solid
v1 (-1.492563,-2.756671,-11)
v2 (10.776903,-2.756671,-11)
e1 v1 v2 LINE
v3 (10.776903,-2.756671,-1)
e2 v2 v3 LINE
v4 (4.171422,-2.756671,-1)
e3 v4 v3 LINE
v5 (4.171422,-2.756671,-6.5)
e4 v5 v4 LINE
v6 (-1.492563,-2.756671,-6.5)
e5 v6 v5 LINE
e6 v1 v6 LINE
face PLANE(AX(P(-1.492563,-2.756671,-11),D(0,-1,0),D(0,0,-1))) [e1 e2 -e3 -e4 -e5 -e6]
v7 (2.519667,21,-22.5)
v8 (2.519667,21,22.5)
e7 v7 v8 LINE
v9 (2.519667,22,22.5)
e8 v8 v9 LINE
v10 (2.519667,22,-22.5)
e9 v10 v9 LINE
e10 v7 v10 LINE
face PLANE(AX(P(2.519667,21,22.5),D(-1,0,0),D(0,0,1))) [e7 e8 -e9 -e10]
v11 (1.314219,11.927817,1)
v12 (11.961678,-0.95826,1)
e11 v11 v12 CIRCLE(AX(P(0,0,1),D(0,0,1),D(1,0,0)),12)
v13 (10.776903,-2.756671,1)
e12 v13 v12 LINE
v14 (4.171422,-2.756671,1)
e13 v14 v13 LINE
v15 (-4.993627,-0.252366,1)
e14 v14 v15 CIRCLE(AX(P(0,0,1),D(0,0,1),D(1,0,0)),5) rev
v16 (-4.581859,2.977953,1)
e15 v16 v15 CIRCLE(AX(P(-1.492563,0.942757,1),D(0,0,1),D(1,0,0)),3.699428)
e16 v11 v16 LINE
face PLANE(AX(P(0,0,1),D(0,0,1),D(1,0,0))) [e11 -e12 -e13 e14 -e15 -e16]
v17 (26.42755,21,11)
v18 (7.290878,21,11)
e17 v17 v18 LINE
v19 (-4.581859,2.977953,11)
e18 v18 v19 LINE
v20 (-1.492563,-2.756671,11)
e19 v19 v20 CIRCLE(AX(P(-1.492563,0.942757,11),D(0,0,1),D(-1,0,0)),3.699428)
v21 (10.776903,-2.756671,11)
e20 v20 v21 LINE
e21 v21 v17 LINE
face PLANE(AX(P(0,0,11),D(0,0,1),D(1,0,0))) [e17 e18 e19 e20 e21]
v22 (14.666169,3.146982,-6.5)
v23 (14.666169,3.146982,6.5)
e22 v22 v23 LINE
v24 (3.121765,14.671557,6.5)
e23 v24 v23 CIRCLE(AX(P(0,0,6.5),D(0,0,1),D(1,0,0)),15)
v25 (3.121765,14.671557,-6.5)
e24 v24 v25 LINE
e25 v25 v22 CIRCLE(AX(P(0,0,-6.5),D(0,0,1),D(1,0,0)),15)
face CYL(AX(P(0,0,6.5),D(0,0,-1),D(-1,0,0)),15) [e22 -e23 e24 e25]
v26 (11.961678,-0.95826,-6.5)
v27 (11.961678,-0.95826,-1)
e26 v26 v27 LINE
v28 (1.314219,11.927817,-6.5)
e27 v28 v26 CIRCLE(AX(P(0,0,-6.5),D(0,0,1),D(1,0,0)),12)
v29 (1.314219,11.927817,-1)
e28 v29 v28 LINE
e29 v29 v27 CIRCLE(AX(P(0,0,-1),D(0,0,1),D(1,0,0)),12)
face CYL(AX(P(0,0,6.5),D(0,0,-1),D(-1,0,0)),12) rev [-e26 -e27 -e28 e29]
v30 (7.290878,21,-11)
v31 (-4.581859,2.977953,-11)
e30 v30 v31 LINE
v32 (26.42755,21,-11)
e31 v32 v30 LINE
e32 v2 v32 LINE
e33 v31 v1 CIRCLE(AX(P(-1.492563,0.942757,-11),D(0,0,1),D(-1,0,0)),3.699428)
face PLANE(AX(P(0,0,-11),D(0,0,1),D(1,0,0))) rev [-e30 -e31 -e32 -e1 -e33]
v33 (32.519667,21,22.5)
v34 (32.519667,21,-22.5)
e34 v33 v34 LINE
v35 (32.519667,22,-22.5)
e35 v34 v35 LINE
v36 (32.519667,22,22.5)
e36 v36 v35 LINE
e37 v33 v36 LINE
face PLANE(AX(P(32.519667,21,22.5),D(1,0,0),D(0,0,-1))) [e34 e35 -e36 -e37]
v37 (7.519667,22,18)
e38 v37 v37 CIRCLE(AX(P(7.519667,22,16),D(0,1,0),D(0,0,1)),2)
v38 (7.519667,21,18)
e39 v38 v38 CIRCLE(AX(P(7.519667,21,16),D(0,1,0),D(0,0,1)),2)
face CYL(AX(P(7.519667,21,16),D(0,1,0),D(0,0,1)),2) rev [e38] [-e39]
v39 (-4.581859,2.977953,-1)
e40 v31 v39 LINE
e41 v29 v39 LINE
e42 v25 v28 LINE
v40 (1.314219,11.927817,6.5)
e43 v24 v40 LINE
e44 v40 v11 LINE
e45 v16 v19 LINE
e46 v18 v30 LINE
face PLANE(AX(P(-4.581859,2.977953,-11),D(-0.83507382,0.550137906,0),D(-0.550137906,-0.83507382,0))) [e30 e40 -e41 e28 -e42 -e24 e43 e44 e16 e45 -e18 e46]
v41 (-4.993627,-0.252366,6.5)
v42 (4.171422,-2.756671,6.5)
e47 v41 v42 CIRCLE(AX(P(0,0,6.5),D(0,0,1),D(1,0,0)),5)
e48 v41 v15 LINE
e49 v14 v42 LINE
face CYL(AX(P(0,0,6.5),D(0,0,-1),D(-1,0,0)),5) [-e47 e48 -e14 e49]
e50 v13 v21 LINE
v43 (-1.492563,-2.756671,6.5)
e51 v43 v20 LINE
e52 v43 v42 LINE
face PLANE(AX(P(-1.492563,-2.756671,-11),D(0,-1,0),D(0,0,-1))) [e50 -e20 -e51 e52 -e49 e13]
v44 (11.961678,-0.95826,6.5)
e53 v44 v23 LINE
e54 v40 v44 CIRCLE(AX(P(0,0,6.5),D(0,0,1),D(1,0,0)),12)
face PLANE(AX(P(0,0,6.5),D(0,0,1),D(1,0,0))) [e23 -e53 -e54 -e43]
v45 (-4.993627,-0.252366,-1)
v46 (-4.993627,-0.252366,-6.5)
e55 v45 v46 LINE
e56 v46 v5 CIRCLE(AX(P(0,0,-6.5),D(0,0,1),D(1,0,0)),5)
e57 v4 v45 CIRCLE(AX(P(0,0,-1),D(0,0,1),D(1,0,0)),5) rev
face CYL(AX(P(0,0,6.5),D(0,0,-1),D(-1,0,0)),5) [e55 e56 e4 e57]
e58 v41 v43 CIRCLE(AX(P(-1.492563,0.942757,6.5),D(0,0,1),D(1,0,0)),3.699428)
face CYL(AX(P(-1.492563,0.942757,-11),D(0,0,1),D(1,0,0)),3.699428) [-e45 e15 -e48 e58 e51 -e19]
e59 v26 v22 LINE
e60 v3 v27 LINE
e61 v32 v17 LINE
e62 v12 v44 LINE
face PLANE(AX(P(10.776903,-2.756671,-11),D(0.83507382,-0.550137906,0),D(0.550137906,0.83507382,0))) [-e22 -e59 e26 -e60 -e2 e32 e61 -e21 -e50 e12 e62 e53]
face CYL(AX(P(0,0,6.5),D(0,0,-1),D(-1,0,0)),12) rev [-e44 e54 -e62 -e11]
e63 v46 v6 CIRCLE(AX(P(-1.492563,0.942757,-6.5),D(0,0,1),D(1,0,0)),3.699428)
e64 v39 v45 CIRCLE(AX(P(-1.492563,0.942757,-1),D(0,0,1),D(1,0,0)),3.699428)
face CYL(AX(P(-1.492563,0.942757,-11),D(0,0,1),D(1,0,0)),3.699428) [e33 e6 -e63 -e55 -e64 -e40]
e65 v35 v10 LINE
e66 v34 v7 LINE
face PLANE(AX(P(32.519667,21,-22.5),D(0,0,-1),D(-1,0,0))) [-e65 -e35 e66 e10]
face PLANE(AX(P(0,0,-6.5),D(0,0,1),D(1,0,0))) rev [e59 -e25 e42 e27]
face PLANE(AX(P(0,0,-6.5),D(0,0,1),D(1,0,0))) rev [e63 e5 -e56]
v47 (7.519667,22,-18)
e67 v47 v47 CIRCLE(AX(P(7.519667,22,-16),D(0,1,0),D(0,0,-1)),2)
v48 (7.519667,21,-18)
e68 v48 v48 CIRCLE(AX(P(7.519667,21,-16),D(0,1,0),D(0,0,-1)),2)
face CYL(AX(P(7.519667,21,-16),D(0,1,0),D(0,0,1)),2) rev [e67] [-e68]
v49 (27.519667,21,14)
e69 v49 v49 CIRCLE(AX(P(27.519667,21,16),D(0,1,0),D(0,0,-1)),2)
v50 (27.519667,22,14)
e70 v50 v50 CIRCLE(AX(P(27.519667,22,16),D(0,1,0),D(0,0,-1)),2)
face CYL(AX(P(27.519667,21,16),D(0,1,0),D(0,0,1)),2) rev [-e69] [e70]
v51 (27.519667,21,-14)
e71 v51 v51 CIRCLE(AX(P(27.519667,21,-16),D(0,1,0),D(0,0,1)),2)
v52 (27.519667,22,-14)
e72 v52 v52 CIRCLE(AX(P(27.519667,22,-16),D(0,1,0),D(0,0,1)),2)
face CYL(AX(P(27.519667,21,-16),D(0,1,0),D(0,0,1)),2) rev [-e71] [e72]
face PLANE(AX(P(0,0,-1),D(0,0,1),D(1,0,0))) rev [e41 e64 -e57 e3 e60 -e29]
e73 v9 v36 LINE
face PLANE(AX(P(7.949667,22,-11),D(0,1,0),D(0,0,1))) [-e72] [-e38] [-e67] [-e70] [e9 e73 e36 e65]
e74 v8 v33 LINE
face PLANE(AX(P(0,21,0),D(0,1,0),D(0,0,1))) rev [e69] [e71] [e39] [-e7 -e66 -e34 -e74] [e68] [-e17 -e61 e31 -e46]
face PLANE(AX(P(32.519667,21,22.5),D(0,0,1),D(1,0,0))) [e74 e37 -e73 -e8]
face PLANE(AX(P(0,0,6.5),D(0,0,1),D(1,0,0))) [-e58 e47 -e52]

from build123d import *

# Parameters (mm, degrees)
CROQUIS1_R              = 15
CROQUIS1_R_2            = 12
EXTRUIR_L_MINA1_DEPTH   = 6.5
CROQUIS2_R              = 5
SALIENTE_EXTRUIR1_DEPTH = 6.5
CROQUIS3_R              = 12.5
SALIENTE_EXTRUIR2_DEPTH = 1
CROQUIS4_R              = 2
SALIENTE_EXTRUIR3_DEPTH = 11
SALIENTE_EXTRUIR4_DEPTH = 22
CROQUIS9_W              = 30
CROQUIS9_H              = 45
CROQUIS9_R              = 2
SALIENTE_EXTRUIR5_DEPTH = 1


with BuildPart() as part:
    # Croquis1 → Extruir-Lámina1 (new, symmetric)
    with BuildSketch(Plane.XY):
        Circle(CROQUIS1_R)
        Circle(CROQUIS1_R_2, mode=Mode.SUBTRACT)
    extrude(amount=EXTRUIR_L_MINA1_DEPTH, both=True)



with BuildPart() as body_2:
    # Croquis2 → Saliente-Extruir1 (new, symmetric)
    with BuildSketch(Plane.XY):
        with Locations(Location((0, 0, 0), (0, 0, 180))):
            Circle(CROQUIS2_R)
    extrude(amount=SALIENTE_EXTRUIR1_DEPTH, both=True)


with BuildPart() as part_1:
    add(part.part)

    add(body_2.part)  # Saliente-Extruir2 merges body 2
    # Croquis3 → Saliente-Extruir2 (add, symmetric)
    with BuildSketch(Plane.XY):
        Circle(CROQUIS3_R)
    extrude(amount=SALIENTE_EXTRUIR2_DEPTH, both=True)

    # Croquis4 → Saliente-Extruir3 (add, symmetric)
    with BuildSketch(Plane.XY):
        Circle(CROQUIS4_R)
    extrude(amount=SALIENTE_EXTRUIR3_DEPTH, both=True)

    # Croquis6 → Saliente-Extruir4 (add, through all)
    with BuildSketch(Plane.XY.offset(11)):
        with BuildLine():
            Line((-4.581858608, 2.977952867), (7.949667258, 22))
            Line((7.949667258, 22), (27.086339579, 22))
            Line((27.086339579, 22), (10.776903307, -2.756671198))
            Line((10.776903307, -2.756671198), (-1.492562871, -2.756671198))
            ThreePointArc((-1.492562871, -2.756671198), (-4.749465591, -0.811766904), (-4.581858608, 2.977952867))
        make_face()
    extrude(amount=-SALIENTE_EXTRUIR4_DEPTH)

    # Croquis9 → Saliente-Extruir5 (add)
    with BuildSketch(Plane(origin=(0, 22, 0), x_dir=(1, 0, 0), z_dir=(0, 1, 0))):
        with Locations((17.519667258, 0)):
            Rectangle(CROQUIS9_W, CROQUIS9_H)
        with Locations(Location((27.519667258, 16, 0), (0, 0, 270))):
            Circle(CROQUIS9_R, mode=Mode.SUBTRACT)
        with Locations(Location((7.519667258, 16, 0), (0, 0, 90))):
            Circle(CROQUIS9_R, mode=Mode.SUBTRACT)
        with Locations(Location((7.519667258, -16, 0), (0, 0, 270))):
            Circle(CROQUIS9_R, mode=Mode.SUBTRACT)
        with Locations(Location((27.519667258, -16, 0), (0, 0, 90))):
            Circle(CROQUIS9_R, mode=Mode.SUBTRACT)
    extrude(amount=-SALIENTE_EXTRUIR5_DEPTH)


solid = part_1.part
